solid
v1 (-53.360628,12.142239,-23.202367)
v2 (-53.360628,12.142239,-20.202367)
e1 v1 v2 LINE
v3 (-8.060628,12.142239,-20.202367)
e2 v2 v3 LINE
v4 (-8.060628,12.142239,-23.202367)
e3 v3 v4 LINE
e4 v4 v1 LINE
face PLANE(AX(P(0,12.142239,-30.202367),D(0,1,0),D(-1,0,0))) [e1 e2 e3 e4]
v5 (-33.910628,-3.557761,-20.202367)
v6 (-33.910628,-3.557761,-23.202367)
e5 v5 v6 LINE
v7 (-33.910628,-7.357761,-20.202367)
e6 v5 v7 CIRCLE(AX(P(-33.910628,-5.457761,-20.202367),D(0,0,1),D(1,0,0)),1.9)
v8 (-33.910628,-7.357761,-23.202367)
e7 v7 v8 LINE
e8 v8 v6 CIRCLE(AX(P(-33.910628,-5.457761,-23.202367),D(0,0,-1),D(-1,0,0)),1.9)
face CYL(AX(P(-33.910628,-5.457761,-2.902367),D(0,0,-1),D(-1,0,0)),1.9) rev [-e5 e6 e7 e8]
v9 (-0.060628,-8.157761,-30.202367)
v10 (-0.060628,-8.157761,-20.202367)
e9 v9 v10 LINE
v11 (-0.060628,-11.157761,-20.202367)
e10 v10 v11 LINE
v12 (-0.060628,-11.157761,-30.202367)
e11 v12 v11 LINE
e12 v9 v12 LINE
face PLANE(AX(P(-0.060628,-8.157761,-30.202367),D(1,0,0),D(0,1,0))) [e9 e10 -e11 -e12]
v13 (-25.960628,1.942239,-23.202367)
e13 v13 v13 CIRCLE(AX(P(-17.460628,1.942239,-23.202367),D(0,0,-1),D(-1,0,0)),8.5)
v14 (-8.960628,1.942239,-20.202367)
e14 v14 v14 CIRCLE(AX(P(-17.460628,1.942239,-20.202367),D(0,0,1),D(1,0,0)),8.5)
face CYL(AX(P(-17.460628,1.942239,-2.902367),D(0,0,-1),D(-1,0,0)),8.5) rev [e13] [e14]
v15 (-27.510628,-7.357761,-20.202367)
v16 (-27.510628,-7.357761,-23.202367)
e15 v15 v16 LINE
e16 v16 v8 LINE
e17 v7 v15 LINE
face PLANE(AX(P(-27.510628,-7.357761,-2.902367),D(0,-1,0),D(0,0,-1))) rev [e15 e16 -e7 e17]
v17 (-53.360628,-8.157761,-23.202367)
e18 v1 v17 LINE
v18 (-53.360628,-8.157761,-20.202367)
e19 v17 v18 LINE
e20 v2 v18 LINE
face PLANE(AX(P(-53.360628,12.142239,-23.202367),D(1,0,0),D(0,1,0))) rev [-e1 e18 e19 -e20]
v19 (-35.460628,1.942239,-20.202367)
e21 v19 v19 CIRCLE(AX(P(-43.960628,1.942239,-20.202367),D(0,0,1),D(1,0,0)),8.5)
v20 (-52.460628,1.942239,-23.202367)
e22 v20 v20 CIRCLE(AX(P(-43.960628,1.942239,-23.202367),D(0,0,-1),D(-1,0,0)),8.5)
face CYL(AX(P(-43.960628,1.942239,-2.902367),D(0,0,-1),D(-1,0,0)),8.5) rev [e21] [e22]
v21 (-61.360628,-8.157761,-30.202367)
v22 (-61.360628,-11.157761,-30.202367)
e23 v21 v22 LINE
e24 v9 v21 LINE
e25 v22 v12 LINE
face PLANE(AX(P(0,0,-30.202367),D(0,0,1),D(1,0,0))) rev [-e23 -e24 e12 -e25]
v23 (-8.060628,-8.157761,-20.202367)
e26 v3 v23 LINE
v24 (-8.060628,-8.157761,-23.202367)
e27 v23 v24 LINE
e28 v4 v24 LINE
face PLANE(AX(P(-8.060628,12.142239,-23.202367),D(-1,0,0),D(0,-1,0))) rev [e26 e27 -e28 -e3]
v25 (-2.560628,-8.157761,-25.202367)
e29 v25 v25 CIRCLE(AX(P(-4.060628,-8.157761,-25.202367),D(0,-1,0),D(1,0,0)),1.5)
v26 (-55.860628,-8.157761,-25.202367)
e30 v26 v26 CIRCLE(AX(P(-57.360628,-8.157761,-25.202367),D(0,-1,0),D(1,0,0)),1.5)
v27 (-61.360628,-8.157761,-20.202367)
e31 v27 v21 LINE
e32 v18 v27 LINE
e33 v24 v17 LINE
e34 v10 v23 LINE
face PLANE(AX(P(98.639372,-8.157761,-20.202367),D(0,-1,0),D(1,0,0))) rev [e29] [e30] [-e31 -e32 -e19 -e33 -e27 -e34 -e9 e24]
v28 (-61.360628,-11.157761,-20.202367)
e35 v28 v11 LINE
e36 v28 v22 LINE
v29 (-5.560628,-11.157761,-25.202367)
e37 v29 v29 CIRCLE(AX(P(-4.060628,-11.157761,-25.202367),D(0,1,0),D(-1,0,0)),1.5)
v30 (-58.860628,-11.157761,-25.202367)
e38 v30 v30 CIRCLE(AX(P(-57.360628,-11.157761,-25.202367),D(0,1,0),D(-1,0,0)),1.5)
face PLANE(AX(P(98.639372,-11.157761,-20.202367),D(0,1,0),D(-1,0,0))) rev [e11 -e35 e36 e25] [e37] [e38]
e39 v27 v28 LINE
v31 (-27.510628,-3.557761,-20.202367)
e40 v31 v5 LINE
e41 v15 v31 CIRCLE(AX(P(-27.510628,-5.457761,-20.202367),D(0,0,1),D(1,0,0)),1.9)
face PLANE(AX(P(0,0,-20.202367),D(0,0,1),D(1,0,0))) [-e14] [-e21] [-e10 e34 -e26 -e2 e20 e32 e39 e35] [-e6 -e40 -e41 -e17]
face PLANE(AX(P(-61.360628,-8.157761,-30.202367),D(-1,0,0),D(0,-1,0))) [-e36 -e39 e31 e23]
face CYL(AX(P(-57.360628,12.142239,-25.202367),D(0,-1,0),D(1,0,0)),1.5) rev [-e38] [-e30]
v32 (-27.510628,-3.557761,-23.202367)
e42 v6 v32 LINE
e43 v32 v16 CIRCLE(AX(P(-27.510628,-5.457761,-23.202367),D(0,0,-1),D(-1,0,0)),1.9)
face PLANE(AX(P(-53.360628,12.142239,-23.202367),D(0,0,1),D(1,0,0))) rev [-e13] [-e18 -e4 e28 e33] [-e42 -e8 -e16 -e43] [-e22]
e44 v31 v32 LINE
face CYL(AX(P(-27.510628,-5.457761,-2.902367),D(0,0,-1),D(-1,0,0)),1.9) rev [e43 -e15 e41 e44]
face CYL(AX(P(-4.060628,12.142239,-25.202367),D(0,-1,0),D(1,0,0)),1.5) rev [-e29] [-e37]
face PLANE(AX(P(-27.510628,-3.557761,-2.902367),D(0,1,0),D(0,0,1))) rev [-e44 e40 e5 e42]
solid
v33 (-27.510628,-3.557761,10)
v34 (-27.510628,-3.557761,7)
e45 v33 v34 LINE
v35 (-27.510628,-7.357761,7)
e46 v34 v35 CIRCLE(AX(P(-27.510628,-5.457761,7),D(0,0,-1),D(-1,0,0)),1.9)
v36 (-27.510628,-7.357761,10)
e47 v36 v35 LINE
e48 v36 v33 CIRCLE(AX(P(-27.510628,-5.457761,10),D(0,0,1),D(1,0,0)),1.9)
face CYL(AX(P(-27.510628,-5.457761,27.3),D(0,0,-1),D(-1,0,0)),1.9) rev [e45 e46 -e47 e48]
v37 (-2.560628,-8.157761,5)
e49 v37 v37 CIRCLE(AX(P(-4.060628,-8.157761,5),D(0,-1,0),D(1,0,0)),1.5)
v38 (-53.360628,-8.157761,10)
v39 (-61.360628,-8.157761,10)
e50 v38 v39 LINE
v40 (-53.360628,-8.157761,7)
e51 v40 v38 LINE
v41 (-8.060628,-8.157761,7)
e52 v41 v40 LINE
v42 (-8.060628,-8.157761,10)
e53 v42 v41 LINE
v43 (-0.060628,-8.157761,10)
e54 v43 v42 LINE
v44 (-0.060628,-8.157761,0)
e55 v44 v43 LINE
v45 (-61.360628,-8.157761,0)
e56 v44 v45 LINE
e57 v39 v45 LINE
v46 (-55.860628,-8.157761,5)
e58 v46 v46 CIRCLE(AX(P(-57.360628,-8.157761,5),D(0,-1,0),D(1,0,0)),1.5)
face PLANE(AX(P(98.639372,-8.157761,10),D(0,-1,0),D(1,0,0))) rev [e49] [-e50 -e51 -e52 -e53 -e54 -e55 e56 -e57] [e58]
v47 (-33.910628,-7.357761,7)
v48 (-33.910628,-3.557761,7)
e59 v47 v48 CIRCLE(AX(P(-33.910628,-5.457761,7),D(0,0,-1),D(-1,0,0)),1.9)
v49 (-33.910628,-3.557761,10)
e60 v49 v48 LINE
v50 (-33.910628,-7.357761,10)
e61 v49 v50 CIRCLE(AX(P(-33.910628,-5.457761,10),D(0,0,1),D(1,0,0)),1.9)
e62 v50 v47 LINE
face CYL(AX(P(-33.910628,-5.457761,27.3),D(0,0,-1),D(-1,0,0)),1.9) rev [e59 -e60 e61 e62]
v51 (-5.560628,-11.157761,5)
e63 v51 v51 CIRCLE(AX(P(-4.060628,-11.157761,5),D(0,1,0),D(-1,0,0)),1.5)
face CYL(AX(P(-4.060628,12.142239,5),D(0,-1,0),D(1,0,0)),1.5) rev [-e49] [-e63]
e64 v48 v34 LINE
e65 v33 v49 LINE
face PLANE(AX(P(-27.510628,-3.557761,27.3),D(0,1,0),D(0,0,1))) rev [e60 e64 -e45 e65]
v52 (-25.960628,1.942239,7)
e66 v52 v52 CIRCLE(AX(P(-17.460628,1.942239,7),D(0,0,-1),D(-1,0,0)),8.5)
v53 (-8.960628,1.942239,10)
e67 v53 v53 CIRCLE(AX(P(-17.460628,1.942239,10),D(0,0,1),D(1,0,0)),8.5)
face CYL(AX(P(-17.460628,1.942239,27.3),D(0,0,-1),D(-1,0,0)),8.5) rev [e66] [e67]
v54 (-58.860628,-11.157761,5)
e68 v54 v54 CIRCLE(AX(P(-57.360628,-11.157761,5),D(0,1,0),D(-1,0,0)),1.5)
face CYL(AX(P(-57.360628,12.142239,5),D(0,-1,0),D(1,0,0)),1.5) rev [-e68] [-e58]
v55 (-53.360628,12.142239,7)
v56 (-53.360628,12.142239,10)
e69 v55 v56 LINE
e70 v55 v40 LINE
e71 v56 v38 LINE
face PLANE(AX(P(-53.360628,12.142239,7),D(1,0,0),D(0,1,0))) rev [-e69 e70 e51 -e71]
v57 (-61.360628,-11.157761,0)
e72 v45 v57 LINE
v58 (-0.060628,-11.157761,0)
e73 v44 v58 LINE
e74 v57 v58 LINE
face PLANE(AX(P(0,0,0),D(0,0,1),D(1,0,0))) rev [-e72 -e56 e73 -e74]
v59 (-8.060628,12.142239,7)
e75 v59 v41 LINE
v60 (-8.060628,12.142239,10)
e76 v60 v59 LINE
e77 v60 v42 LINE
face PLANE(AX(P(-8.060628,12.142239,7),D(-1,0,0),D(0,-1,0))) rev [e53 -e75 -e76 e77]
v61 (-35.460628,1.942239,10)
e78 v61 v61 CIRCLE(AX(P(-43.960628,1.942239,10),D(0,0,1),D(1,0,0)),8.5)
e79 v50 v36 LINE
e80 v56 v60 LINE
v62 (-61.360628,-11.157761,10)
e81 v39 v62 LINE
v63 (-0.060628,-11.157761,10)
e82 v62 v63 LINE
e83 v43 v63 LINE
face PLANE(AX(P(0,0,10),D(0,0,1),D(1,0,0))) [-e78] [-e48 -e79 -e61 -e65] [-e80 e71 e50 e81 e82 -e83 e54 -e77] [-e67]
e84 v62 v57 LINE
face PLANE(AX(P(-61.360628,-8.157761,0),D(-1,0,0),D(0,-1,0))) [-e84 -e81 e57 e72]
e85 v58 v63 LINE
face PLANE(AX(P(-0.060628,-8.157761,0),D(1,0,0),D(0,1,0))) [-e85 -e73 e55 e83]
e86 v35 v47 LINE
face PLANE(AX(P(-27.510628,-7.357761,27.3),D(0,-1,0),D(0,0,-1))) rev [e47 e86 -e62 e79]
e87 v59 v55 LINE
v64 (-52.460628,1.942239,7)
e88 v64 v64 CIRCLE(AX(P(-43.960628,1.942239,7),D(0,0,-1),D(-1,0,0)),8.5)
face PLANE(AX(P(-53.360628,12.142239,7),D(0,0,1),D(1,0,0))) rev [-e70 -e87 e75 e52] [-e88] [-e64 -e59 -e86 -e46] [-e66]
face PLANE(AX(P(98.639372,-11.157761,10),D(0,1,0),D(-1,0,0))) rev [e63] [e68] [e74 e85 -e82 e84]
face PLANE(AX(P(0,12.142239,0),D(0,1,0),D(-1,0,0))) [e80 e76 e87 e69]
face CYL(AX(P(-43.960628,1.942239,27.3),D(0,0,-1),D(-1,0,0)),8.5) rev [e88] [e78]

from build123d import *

# Parameters (mm, degrees)
SKETCH1_W               = 170
SKETCH1_H               = 3
BOSS_EXTRUDE1_DEPTH     = 10
SKETCH4_R               = 1.2
CUT_EXTRUDE1_DEPTH      = 21
SKETCH2_W               = 45.3
SKETCH2_H               = 3
BOSS_EXTRUDE6_DEPTH     = 20.3
SKETCH5_R               = 8.5
CUT_EXTRUDE2_DEPTH      = 20.3
SKETCH6_W               = 45.3
SKETCH6_H               = 3
BOSS_EXTRUDE7_DEPTH     = 20.3
SKETCH7_R               = 8.5
CUT_EXTRUDE3_DEPTH      = 100.885733504
CUT_EXTRUDE5_DEPTH      = 102.201856693
CUT_EXTRUDE5_DEPTH_BACK = 102.201856693
SKETCH12_W              = 88.7
SKETCH12_H              = 17.241657791
CUT_EXTRUDE6_DEPTH      = 75.862735481
CUT_EXTRUDE6_DEPTH_BACK = 75.862735481
SKETCH13_W              = 37.135878318
SKETCH13_H              = 38.462159687
SKETCH13_W_2            = 38.462159687
SKETCH13_H_2            = 47.746129266
SKETCH15_W              = 8
SKETCH15_H              = 10
BOSS_EXTRUDE9_DEPTH     = 3
CUT_EXTRUDE7_DEPTH      = 67.392895801
CUT_EXTRUDE7_DEPTH_BACK = 67.392895801
SKETCH16_R              = 1.5


with BuildPart() as part:
    # Sketch1 → Boss-Extrude1 (new body)
    with BuildSketch(Plane.XY):
        with Locations((13.639372454, -9.657761352)):
            Rectangle(SKETCH1_W, SKETCH1_H)
    extrude(amount=BOSS_EXTRUDE1_DEPTH)

    # Sketch4 → Cut-Extrude1 (cut)
    with BuildSketch(Plane(origin=(0, -8.157761352, 0), x_dir=(1, 0, 0), z_dir=(0, 1, 0))):
        with Locations(Location((-63.360627546, -4.938536908, 0), (0, 0, 180))):
            Circle(SKETCH4_R)
        with Locations(Location((90.639372454, -5.283238547, 0), (0, 0, 180))):
            Circle(SKETCH4_R)
    extrude(amount=-CUT_EXTRUDE1_DEPTH, mode=Mode.SUBTRACT)

    # Sketch2 → Boss-Extrude6 (add)
    with BuildSketch(Plane(origin=(0, -8.157761352, 0), x_dir=(1, 0, 0), z_dir=(0, 1, 0))):
        with Locations((-30.710627546, -8.5)):
            Rectangle(SKETCH2_W, SKETCH2_H)
    extrude(amount=BOSS_EXTRUDE6_DEPTH)

    # Sketch5 → Cut-Extrude2 (cut)
    with BuildSketch(Plane(origin=(0, 0, 7), x_dir=(-1, 0, 0), z_dir=(0, 0, -1))):
        with Locations((17.460627546, 1.942238648)):
            Circle(SKETCH5_R)
        with Locations((43.960627546, 1.942238648)):
            Circle(SKETCH5_R)
        with BuildLine():
            Line((27.510627546, -3.557761352), (33.910627546, -3.557761352))
            ThreePointArc((33.910627546, -3.557761352), (35.810627546, -5.457761352), (33.910627546, -7.357761352))
            Line((33.910627546, -7.357761352), (27.510627546, -7.357761352))
            ThreePointArc((27.510627546, -7.357761352), (25.610627546, -5.457761352), (27.510627546, -3.557761352))
        make_face()
    extrude(amount=-CUT_EXTRUDE2_DEPTH, mode=Mode.SUBTRACT)

    # Sketch6 → Boss-Extrude7 (add)
    with BuildSketch(Plane(origin=(0, -8.157761352, 0), x_dir=(1, 0, 0), z_dir=(0, 1, 0))):
        with Locations((57.989372454, -8.5)):
            Rectangle(SKETCH6_W, SKETCH6_H)
    extrude(amount=BOSS_EXTRUDE7_DEPTH)

    # Sketch7 → Cut-Extrude3 (cut, through all)
    with BuildSketch(Plane.XY.offset(10)):
        with Locations((44.739372454, 1.942238648)):
            Circle(SKETCH7_R)
        with Locations((71.239372454, 1.942238648)):
            Circle(SKETCH7_R)
        with BuildLine():
            Line((54.839372454, -3.557761352), (61.239372454, -3.557761352))
            ThreePointArc((61.239372454, -3.557761352), (63.139372454, -5.457761352), (61.239372454, -7.357761352))
            Line((61.239372454, -7.357761352), (54.839372454, -7.357761352))
            ThreePointArc((54.839372454, -7.357761352), (52.939372454, -5.457761352), (54.839372454, -3.557761352))
        make_face()
    extrude(amount=-CUT_EXTRUDE3_DEPTH, mode=Mode.SUBTRACT)

    # Sketch12 → Cut-Extrude5 (cut, two sides: drawn at the far end of the back side and taken through both)
    with BuildSketch(Plane(origin=(0, -8.157761352, 0), x_dir=(1, 0, 0), z_dir=(0, 1, 0)).offset(-CUT_EXTRUDE5_DEPTH_BACK)):
        with Locations((54.289372454, -4.61843826)):
            Rectangle(SKETCH12_W, SKETCH12_H)
    extrude(amount=CUT_EXTRUDE5_DEPTH + CUT_EXTRUDE5_DEPTH_BACK, mode=Mode.SUBTRACT)

    # Sketch13 → Cut-Extrude6 (cut, two sides: drawn at the far end of the back side and taken through both)
    with BuildSketch(Plane(origin=(0, -8.157761352, 0), x_dir=(1, 0, 0), z_dir=(0, 1, 0)).offset(-CUT_EXTRUDE6_DEPTH_BACK)):
        with Locations((-71.928566705, 3.983905185)):
            Rectangle(SKETCH13_W, SKETCH13_H)
        with Locations((11.170452297, -17.070811541)):
            Rectangle(SKETCH13_W_2, SKETCH13_H_2)
    extrude(amount=CUT_EXTRUDE6_DEPTH + CUT_EXTRUDE6_DEPTH_BACK, mode=Mode.SUBTRACT)

    # Sketch15 → Boss-Extrude9 (add)
    with BuildSketch(Plane.XZ.offset(11.157761352)):
        with Locations((-57.360627546, 5)):
            Rectangle(SKETCH15_W, SKETCH15_H)
        with Locations((-4.060627546, 5)):
            Rectangle(SKETCH15_W, SKETCH15_H)
    extrude(amount=-BOSS_EXTRUDE9_DEPTH)

    # Sketch16 → Cut-Extrude7 (cut, two sides: drawn at the far end of the back side and taken through both)
    with BuildSketch(Plane(origin=(0, -11.157761352, 0), x_dir=(-1, 0, 0), z_dir=(0, -1, 0)).offset(-CUT_EXTRUDE7_DEPTH_BACK)):
        with Locations(Location((57.360627546, -5, 0), (0, 0, 180))):
            Circle(SKETCH16_R)
        with Locations(Location((4.060627546, -5, 0), (0, 0, 180))):
            Circle(SKETCH16_R)
    extrude(amount=CUT_EXTRUDE7_DEPTH + CUT_EXTRUDE7_DEPTH_BACK, mode=Mode.SUBTRACT)


with BuildPart() as body_2:
    # Body-Move/Copy1: copy of part
    add(part.part.moved(Location((0, 0, -30.202366557))))


solid = Compound([part.part, body_2.part])
